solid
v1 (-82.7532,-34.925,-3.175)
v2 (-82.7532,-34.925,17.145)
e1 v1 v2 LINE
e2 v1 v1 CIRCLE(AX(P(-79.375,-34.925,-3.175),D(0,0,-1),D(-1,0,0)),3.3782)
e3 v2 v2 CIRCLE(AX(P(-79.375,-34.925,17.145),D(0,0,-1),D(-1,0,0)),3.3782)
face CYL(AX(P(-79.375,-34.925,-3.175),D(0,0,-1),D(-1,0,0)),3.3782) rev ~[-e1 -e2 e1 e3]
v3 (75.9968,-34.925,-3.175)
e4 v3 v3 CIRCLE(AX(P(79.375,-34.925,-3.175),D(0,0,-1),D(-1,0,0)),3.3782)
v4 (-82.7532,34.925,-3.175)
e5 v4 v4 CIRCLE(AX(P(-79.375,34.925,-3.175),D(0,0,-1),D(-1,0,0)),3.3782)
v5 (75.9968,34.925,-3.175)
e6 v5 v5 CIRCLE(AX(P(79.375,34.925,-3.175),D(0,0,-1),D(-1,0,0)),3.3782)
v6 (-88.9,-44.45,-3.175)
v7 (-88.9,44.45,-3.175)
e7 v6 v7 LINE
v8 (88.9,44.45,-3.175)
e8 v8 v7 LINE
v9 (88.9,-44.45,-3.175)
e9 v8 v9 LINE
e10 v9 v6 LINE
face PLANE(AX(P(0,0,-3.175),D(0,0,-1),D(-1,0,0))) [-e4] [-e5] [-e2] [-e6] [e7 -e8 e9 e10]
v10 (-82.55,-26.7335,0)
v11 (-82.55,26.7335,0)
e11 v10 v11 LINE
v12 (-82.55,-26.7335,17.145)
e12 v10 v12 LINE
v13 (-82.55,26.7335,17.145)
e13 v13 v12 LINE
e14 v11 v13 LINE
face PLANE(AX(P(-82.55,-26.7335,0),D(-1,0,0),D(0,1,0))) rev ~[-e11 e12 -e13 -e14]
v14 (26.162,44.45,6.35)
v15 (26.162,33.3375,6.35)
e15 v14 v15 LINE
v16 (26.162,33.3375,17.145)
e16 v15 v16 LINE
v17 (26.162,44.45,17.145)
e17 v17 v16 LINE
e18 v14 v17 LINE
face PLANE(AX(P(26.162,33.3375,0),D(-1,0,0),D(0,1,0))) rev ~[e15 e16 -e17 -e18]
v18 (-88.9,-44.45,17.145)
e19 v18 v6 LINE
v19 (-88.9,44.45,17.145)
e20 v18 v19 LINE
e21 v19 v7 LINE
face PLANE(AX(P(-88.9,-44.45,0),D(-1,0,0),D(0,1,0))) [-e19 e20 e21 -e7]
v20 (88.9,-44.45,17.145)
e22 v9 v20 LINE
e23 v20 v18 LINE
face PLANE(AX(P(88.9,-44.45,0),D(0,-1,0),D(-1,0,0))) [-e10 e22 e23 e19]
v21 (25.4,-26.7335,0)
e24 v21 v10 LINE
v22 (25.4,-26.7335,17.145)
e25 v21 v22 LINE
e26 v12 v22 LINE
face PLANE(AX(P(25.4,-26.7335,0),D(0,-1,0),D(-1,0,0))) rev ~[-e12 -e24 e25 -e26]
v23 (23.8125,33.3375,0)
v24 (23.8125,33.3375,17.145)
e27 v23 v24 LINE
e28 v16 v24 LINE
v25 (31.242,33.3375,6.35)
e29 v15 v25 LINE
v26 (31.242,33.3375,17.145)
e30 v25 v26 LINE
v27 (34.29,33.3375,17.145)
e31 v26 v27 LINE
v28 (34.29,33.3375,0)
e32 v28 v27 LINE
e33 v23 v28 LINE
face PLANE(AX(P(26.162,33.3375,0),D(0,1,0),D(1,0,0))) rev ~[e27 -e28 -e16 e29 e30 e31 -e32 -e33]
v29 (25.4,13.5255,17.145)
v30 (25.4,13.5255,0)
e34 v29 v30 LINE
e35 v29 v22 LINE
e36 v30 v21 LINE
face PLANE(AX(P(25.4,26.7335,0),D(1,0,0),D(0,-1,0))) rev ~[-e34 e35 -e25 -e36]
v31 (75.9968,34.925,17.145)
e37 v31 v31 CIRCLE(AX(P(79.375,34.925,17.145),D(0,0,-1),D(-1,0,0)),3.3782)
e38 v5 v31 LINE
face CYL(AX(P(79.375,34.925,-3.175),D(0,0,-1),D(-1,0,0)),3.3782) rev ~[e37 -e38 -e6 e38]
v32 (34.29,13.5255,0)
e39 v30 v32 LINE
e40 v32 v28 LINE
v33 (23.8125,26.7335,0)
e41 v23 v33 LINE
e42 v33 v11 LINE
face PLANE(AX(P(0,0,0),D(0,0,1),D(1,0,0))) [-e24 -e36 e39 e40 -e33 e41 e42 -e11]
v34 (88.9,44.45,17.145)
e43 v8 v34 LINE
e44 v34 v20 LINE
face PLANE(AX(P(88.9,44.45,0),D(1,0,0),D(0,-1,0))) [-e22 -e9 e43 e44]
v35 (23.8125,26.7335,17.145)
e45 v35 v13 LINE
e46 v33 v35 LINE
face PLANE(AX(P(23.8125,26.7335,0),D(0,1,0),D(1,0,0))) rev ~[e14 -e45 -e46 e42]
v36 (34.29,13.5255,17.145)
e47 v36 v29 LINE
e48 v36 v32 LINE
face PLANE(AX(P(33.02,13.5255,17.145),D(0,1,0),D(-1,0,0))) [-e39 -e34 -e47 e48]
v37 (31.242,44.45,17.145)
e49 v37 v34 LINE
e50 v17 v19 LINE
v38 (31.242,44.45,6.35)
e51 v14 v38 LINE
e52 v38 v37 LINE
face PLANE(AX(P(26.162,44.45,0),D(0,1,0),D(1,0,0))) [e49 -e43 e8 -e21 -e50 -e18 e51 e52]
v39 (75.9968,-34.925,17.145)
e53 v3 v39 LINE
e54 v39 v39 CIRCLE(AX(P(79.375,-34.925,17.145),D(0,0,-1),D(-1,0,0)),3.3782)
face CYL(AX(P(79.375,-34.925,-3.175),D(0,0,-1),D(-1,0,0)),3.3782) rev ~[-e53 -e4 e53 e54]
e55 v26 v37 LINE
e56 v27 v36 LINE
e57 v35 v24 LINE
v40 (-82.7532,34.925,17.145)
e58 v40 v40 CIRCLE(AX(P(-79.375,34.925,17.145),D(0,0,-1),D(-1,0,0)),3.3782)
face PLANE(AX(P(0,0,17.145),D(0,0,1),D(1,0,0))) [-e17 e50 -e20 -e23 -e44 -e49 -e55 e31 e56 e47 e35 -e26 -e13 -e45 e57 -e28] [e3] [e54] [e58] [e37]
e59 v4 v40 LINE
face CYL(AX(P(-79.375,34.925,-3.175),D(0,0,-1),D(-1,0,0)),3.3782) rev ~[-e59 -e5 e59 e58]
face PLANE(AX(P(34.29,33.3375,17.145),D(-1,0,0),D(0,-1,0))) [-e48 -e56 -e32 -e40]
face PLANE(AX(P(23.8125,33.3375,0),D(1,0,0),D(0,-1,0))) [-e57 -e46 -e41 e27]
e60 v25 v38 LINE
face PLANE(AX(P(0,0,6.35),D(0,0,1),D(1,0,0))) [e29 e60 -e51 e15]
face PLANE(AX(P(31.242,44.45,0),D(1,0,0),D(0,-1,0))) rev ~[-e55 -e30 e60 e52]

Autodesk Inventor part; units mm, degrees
ref_plane "YZ Plane" through (0, 0, 0) normal (1, 0, 0) x (0, 1, 0)
sketch "Sketch1" plane through (0, 0, 0) normal (0, 0, 1) x (1, 0, 0)
  line L0 (88.9, -44.45) -> (-88.9, -44.45)
  line L1 (-88.9, -44.45) -> (-88.9, 44.45)
  line L2 (-88.9, 44.45) -> (88.9, 44.45)
  line L3 (88.9, 44.45) -> (88.9, -44.45)
  line L4 (88.9, -44.45) -> (-88.9, 44.45) construction
  line L5 (-88.9, -44.45) -> (88.9, 44.45) construction
  line L6 (25.4, -26.7335) -> (-82.55, -26.7335)
  line L7 (-82.55, -26.7335) -> (-82.55, 26.7335)
  line L8 (-82.55, 26.7335) -> (25.4, 26.7335)
  line L9 (25.4, 26.7335) -> (25.4, -26.7335)
  line L10 (25.4, -26.7335) -> (-82.55, 26.7335) construction
  line L11 (-82.55, -26.7335) -> (25.4, 26.7335) construction
  line L12 (34.29, 23.1775) -> (20.955, 23.1775)
  line L13 (20.955, 23.1775) -> (20.955, 13.5255)
  line L14 (20.955, 13.5255) -> (34.29, 13.5255)
  line L15 (34.29, 13.5255) -> (34.29, 23.1775)
  line L16 (34.29, 23.1775) -> (20.955, 13.5255) construction
  line L17 (20.955, 23.1775) -> (34.29, 13.5255) construction
  line L18 (23.8125, 33.3375) -> (26.162, 33.3375)
  line L19 (26.162, 33.3375) -> (26.162, 44.45)
  line L20 (31.242, 44.45) -> (31.242, 33.3375)
  line L21 (31.242, 33.3375) -> (34.29, 33.3375)
  line L22 (34.29, 33.3375) -> (34.29, 23.1775)
  line L23 (26.162, 33.3375) -> (31.242, 33.3375) construction
  line L24 (26.162, 44.45) -> (31.242, 44.45)
  line L25 (25.4, 23.1775) -> (34.29, 23.1775)
  line L26 (25.4, 23.1775) -> (25.4, 26.7335)
  line L27 (25.4, 26.7335) -> (25.4, 26.7335)
  line L28 (23.8125, 33.3375) -> (23.8125, 26.7335)
  point P0 (0, 0)
  point P1 (-28.575, 0)
  point P2 (-28.575, 0)
  point P3 (0, 0)
  point P4 (27.6225, 18.3515)
  point P5 (28.702, 33.3375)
  dimension "d0" = 177.8
  dimension "d1" = 88.9
  dimension "d2" = 107.95
  dimension "d3" = 53.467
  dimension "d4" = 6.35
  dimension "d5" = 103.505
  dimension "d7" = 8.382
  dimension "d8" = 9.652
  dimension "d13" = 13.335
  dimension "d15" = 5.08
  dimension "d17" = 10.16
  dimension "d24" = 1.5875
  dimension "d25" = 5.588
extrude "Extrusion1" add sketch "Sketch1" along normal blind 17.145
extrude "Extrusion2" cut sketch "Sketch1" along normal through all contours L20 L21 L22 L12 L9 L8 L28 L18 L19 L2
sketch "Sketch3" plane through (0, 0, 0) normal (0, 0, -1) x (-1, 0, 0)
  line L0 (-31.242, 33.3375) -> (-31.242, 44.45) projected
  line L1 (-31.242, 44.45) -> (-88.9, 44.45) projected
  line L2 (-88.9, 44.45) -> (-88.9, -44.45) projected
  line L3 (-88.9, -44.45) -> (88.9, -44.45) projected
  line L4 (88.9, -44.45) -> (88.9, 44.45) projected
  line L5 (88.9, 44.45) -> (-26.162, 44.45) projected
  line L6 (-26.162, 44.45) -> (-26.162, 33.3375) projected
  line L7 (-26.162, 33.3375) -> (-23.8125, 33.3375) projected
  line L8 (-34.29, 23.1775) -> (-34.29, 33.3375) projected
  line L9 (-34.29, 33.3375) -> (-31.242, 33.3375) projected
  line L10 (-26.162, 44.45) -> (88.9, 44.45) projected
  line L11 (-26.162, 44.45) -> (-31.242, 44.45)
  line L12 (-23.8125, 33.3375) -> (-23.8125, 26.7335) projected
  line L13 (-23.8125, 26.7335) -> (-25.4, 26.7335) projected
  line L14 (-25.4, 26.7335) -> (-25.4, 23.1775) projected
  line L15 (-25.4, 23.1775) -> (-34.29, 23.1775) projected
  point P0 (0, 0)
extrude "Extrusion4" add sketch "Sketch3" along normal blind 3.175
ref_plane "Work Plane1" through (-28.575, -26.7335, 12.7) normal (1, 0, 0) x (0, 0, -1)
ref_plane "Work Plane2" through (-82.55, 0, 12.7) normal (0, -1, 0) x (1, 0, 0)
sketch "Sketch5" plane through (0, 0, 17.145) normal (0, 0, 1) x (1, 0, 0)
  line L0 (69.85, -25.4) -> (33.02, -25.4)
  line L1 (33.02, -25.4) -> (33.02, 25.4)
  line L2 (33.02, 25.4) -> (69.85, 25.4)
  line L3 (69.85, 25.4) -> (69.85, -25.4)
  line L4 (69.85, -25.4) -> (33.02, 25.4) construction
  line L5 (33.02, -25.4) -> (69.85, 25.4) construction
  line L6 (124.46, 0) -> (-124.46, 0) projected
  line L7 (88.9, -44.45) -> (88.9, 44.45) projected
  line L8 (69.85, 25.4) -> (63.5, 25.4)
  line L9 (63.5, 25.4) -> (63.5, 44.45)
  line L10 (63.5, 44.45) -> (69.85, 44.45)
  line L11 (69.85, 44.45) -> (69.85, 25.4)
  line L12 (88.9, 44.45) -> (-88.9, 44.45) projected
  point P0 (0, 0)
  point P1 (51.435, 0)
  point P2 (51.435, 0)
  point P3 (31.242, 44.45)
  dimension "d26" = 36.83
  dimension "d27" = 50.8
  dimension "d28" = 19.05
  dimension "d29" = 6.35
extrude "Extrusion5" cut sketch "Sketch5" against normal up to surface (17.145 mm away) contours L0 L1 L6 L3 | L6 L1 L2 L3 | L2 L9 L10 L11
ref_plane "Work Plane3" through (51.435, -25.4, 17.145) normal (1, 0, 0) x (0, 0, -1)
ref_plane "Work Plane4" through (33.02, 0, 17.145) normal (0, -1, 0) x (1, 0, 0)
sketch "Sketch6" plane through (0, 0, 17.145) normal (0, 0, 1) x (1, 0, 0)
  line L0 (69.85, 44.45) -> (69.85, -25.4) projected
  line L1 (69.85, -25.4) -> (33.02, -25.4) projected
  line L2 (33.02, -25.4) -> (33.02, 23.1775) projected
  line L3 (34.29, 25.4) -> (63.5, 25.4) projected
  line L4 (63.5, 25.4) -> (63.5, 44.45) projected
  line L5 (26.162, 44.45) -> (-88.9, 44.45) projected
  line L6 (-88.9, 44.45) -> (-88.9, -44.45) projected
  line L7 (-88.9, -44.45) -> (88.9, -44.45) projected
  line L8 (88.9, -44.45) -> (88.9, 44.45) projected
  line L9 (88.9, 44.45) -> (69.85, 44.45) projected
  line L10 (33.02, -25.4) -> (33.02, 25.4) projected
  line L11 (39.37, 25.4) -> (63.5, 25.4)
  line L12 (63.5, 25.4) -> (63.5, 38.1)
  line L13 (63.5, 38.1) -> (39.37, 38.1)
  line L14 (39.37, 38.1) -> (39.37, 25.4)
  line L15 (39.37, 38.1) -> (33.02, 38.1)
  line L16 (33.02, 38.1) -> (33.02, 25.4)
  line L17 (33.02, 25.4) -> (39.37, 25.4)
  line L18 (36.195, 25.4) -> (36.195, -22.225)
  line L19 (33.02, 25.4) -> (33.02, -19.05)
  line L20 (33.02, -19.05) -> (25.4, -19.05)
  line L21 (25.4, -26.7335) -> (25.4, 13.5255) projected
  line L22 (36.195, -22.225) -> (25.4, -22.225)
  line L23 (25.4, -19.05) -> (25.4, -22.225)
  line L24 (63.5, 44.45) -> (31.242, 44.45) projected
  line L25 (31.242, 44.45) -> (31.242, 33.3375) projected
  line L26 (31.242, 33.3375) -> (34.29, 33.3375) projected
  line L27 (34.29, 33.3375) -> (34.29, 25.4) projected
  line L28 (33.02, 23.1775) -> (25.4, 23.1775) projected
  line L29 (25.4, 23.1775) -> (25.4, 26.7335) projected
  line L30 (25.4, 26.7335) -> (23.8125, 26.7335) projected
  line L31 (23.8125, 26.7335) -> (23.8125, 33.3375) projected
  line L32 (23.8125, 33.3375) -> (26.162, 33.3375) projected
  line L33 (26.162, 33.3375) -> (26.162, 44.45) projected
  point P0 (0, 0)
  dimension "d32" = 12.7
  dimension "d33" = 3.175
  dimension "d34" = 3.175
  dimension "d35" = 22.225
extrude "Extrusion6" cut sketch "Sketch6" against normal blind 9.525 contours L14 L13 L4 L3
extrude "Extrusion7" cut sketch "Sketch6" against normal blind 9.525 contours L22 L21 L20 L2 | L2 L10 L17 L3 L18 L22 | L3 L27 L26 L16 L15 L14 | L16 L26 L27 L17
sketch "Sketch7" plane through (0, 0, 0) normal (0, 0, 1) x (1, 0, 0)
  line L0 (26.162, 44.45) -> (26.162, 33.3375) projected
  line L1 (26.162, 33.3375) -> (23.8125, 33.3375) projected
  line L2 (23.8125, 33.3375) -> (23.8125, 26.7335) projected
  line L3 (34.29, 25.4) -> (34.29, 33.3375) projected
  line L4 (34.29, 33.3375) -> (31.242, 33.3375) projected
  line L5 (31.242, 33.3375) -> (31.242, 44.45) projected
  line L6 (26.162, 44.45) -> (31.242, 44.45) projected
  line L7 (26.162, 33.3375) -> (26.162, 44.45) projected
  line L8 (26.162, 33.3375) -> (31.242, 33.3375)
  line L9 (23.8125, 26.7335) -> (25.4, 26.7335) projected
  line L10 (25.4, 26.7335) -> (25.4, 23.1775) projected
  line L11 (25.4, 23.1775) -> (33.02, 23.1775) projected
  line L12 (33.02, -25.4) -> (33.02, 23.1775) projected
  line L13 (69.85, -25.4) -> (33.02, -25.4) projected
  line L14 (69.85, 44.45) -> (69.85, -25.4) projected
  line L15 (63.5, 44.45) -> (69.85, 44.45) projected
  line L16 (63.5, 25.4) -> (63.5, 44.45) projected
  line L17 (34.29, 25.4) -> (63.5, 25.4) projected
  point P0 (0, 0)
extrude "Extrusion8" add sketch "Sketch7" along normal blind 6.35 contours L6 L5 L8 L0
extrude "Extrusion9" cut sketch "Sketch1" along normal through all contours L8 L9 L12 L13 L14 L6 L7 | L9 L14 L13 L12
sketch "Sketch8" plane through (0, 0, 17.145) normal (0, 0, 1) x (1, 0, 0)
  line L0 (20.955, 13.5255) -> (34.29, 13.5255) projected
  line L1 (20.955, 23.1775) -> (20.955, 13.5255) projected
  line L2 (34.29, 23.1775) -> (20.955, 23.1775) projected
  line L3 (34.29, 13.5255) -> (34.29, 23.1775)
  point P0 (0, 0)
extrude "Extrusion10" cut sketch "Sketch8" against normal up to surface (17.145 mm away)
sketch "Sketch10" plane through (0, 0, -3.175) normal (0, 0, -1) x (-1, 0, 0)
  circle A0 centre (-79.375, 34.925) radius 3.3782 projected
  circle A1 centre (79.375, -34.925) radius 3.3782 projected
  circle A2 centre (79.375, 34.925) radius 3.3782 projected
  circle A3 centre (-79.375, -34.925) radius 3.3782 projected
  line L0 (88.9, 44.45) -> (-88.9, 44.45) projected
  line L1 (-88.9, 44.45) -> (-88.9, -44.45) projected
  line L2 (-88.9, -44.45) -> (88.9, -44.45) projected
  line L3 (88.9, -44.45) -> (88.9, 44.45) projected
  point P0 (0, 0)
extrude "Extrusion11" cut sketch "Sketch10" against normal through all contours A0 | A1 | A2 | A3
sketch "Sketch12" plane through (0, 0, 17.145) normal (0, 0, 1) x (1, 0, 0)
  circle A0 centre (-79.375, 34.925) radius 3.3782 projected
  circle A1 centre (79.375, 34.925) radius 3.3782 projected
  circle A2 centre (-79.375, -34.925) radius 3.3782 projected
  circle A3 centre (79.375, -34.925) radius 3.3782 projected
  line L0 (-82.55, 26.7335) -> (23.8125, 26.7335) projected
  line L1 (23.8125, 26.7335) -> (23.8125, 33.3375) projected
  line L2 (23.8125, 33.3375) -> (26.162, 33.3375) projected
  line L3 (26.162, 33.3375) -> (26.162, 44.45) projected
  line L4 (26.162, 44.45) -> (-88.9, 44.45) projected
  line L5 (-88.9, 44.45) -> (-88.9, -44.45) projected
  line L6 (-88.9, -44.45) -> (88.9, -44.45) projected
  line L7 (88.9, -44.45) -> (88.9, 44.45) projected
  line L8 (88.9, 44.45) -> (69.85, 44.45) projected
  line L9 (69.85, 44.45) -> (69.85, -25.4) projected
  line L10 (69.85, -25.4) -> (33.02, -25.4) projected
  line L11 (33.02, -25.4) -> (33.02, -22.225) projected
  line L12 (33.02, -22.225) -> (25.4, -22.225) projected
  line L13 (25.4, -22.225) -> (25.4, -26.7335) projected
  line L14 (25.4, -26.7335) -> (-82.55, -26.7335) projected
  line L15 (-82.55, -26.7335) -> (-82.55, 26.7335) projected
  line L16 (33.02, 13.5255) -> (25.4, 13.5255) projected
  line L17 (69.85, 44.45) -> (69.85, -25.4) projected
  line L18 (25.4, 13.5255) -> (69.85, 13.5255)
  line L19 (69.85, 13.5255) -> (69.85, -25.4)
  line L20 (69.85, -25.4) -> (25.4, -25.4)
  line L21 (25.4, -25.4) -> (25.4, 13.5255)
  line L22 (33.02, 33.3375) -> (33.02, 38.1) projected
  line L23 (33.02, 38.1) -> (33.02, 33.3375)
  line L24 (33.02, 33.3375) -> (69.85, 33.3375)
  line L25 (69.85, 33.3375) -> (69.85, 38.1)
  line L26 (69.85, 38.1) -> (33.02, 38.1)
  line L27 (69.85, 33.3375) -> (34.29, 33.3375)
  line L28 (34.29, 33.3375) -> (34.29, 13.5255)
  line L29 (34.29, 13.5255) -> (69.85, 13.5255)
  line L30 (69.85, 13.5255) -> (69.85, 33.3375)
  line L31 (63.5, 44.45) -> (69.85, 44.45)
  line L32 (69.85, 44.45) -> (69.85, 38.1)
  line L33 (69.85, 38.1) -> (63.5, 38.1)
  line L34 (63.5, 38.1) -> (63.5, 44.45)
  point P0 (0, 0)
extrude "Extrusion12" add sketch "Sketch12" against normal up to surface (17.145 mm away) contours L13 L12 L11 L20 | L21 L16 L18 L9 L10 L11 L12 | L18 L28 L24 L9 | L24 L22 L26 L9 | L26 L34 L31 L9
sketch "Sketch9" plane through (0, 0, -3.175) normal (0, 0, -1) x (-1, 0, 0)
  point P0 (79.375, -34.925)
  point P1 (79.375, 34.925)
  point P2 (-79.375, 34.925)
  point P3 (-79.375, -34.925)
equation "\"d34\" = d33"
properties part number "ArduinPanel2"
